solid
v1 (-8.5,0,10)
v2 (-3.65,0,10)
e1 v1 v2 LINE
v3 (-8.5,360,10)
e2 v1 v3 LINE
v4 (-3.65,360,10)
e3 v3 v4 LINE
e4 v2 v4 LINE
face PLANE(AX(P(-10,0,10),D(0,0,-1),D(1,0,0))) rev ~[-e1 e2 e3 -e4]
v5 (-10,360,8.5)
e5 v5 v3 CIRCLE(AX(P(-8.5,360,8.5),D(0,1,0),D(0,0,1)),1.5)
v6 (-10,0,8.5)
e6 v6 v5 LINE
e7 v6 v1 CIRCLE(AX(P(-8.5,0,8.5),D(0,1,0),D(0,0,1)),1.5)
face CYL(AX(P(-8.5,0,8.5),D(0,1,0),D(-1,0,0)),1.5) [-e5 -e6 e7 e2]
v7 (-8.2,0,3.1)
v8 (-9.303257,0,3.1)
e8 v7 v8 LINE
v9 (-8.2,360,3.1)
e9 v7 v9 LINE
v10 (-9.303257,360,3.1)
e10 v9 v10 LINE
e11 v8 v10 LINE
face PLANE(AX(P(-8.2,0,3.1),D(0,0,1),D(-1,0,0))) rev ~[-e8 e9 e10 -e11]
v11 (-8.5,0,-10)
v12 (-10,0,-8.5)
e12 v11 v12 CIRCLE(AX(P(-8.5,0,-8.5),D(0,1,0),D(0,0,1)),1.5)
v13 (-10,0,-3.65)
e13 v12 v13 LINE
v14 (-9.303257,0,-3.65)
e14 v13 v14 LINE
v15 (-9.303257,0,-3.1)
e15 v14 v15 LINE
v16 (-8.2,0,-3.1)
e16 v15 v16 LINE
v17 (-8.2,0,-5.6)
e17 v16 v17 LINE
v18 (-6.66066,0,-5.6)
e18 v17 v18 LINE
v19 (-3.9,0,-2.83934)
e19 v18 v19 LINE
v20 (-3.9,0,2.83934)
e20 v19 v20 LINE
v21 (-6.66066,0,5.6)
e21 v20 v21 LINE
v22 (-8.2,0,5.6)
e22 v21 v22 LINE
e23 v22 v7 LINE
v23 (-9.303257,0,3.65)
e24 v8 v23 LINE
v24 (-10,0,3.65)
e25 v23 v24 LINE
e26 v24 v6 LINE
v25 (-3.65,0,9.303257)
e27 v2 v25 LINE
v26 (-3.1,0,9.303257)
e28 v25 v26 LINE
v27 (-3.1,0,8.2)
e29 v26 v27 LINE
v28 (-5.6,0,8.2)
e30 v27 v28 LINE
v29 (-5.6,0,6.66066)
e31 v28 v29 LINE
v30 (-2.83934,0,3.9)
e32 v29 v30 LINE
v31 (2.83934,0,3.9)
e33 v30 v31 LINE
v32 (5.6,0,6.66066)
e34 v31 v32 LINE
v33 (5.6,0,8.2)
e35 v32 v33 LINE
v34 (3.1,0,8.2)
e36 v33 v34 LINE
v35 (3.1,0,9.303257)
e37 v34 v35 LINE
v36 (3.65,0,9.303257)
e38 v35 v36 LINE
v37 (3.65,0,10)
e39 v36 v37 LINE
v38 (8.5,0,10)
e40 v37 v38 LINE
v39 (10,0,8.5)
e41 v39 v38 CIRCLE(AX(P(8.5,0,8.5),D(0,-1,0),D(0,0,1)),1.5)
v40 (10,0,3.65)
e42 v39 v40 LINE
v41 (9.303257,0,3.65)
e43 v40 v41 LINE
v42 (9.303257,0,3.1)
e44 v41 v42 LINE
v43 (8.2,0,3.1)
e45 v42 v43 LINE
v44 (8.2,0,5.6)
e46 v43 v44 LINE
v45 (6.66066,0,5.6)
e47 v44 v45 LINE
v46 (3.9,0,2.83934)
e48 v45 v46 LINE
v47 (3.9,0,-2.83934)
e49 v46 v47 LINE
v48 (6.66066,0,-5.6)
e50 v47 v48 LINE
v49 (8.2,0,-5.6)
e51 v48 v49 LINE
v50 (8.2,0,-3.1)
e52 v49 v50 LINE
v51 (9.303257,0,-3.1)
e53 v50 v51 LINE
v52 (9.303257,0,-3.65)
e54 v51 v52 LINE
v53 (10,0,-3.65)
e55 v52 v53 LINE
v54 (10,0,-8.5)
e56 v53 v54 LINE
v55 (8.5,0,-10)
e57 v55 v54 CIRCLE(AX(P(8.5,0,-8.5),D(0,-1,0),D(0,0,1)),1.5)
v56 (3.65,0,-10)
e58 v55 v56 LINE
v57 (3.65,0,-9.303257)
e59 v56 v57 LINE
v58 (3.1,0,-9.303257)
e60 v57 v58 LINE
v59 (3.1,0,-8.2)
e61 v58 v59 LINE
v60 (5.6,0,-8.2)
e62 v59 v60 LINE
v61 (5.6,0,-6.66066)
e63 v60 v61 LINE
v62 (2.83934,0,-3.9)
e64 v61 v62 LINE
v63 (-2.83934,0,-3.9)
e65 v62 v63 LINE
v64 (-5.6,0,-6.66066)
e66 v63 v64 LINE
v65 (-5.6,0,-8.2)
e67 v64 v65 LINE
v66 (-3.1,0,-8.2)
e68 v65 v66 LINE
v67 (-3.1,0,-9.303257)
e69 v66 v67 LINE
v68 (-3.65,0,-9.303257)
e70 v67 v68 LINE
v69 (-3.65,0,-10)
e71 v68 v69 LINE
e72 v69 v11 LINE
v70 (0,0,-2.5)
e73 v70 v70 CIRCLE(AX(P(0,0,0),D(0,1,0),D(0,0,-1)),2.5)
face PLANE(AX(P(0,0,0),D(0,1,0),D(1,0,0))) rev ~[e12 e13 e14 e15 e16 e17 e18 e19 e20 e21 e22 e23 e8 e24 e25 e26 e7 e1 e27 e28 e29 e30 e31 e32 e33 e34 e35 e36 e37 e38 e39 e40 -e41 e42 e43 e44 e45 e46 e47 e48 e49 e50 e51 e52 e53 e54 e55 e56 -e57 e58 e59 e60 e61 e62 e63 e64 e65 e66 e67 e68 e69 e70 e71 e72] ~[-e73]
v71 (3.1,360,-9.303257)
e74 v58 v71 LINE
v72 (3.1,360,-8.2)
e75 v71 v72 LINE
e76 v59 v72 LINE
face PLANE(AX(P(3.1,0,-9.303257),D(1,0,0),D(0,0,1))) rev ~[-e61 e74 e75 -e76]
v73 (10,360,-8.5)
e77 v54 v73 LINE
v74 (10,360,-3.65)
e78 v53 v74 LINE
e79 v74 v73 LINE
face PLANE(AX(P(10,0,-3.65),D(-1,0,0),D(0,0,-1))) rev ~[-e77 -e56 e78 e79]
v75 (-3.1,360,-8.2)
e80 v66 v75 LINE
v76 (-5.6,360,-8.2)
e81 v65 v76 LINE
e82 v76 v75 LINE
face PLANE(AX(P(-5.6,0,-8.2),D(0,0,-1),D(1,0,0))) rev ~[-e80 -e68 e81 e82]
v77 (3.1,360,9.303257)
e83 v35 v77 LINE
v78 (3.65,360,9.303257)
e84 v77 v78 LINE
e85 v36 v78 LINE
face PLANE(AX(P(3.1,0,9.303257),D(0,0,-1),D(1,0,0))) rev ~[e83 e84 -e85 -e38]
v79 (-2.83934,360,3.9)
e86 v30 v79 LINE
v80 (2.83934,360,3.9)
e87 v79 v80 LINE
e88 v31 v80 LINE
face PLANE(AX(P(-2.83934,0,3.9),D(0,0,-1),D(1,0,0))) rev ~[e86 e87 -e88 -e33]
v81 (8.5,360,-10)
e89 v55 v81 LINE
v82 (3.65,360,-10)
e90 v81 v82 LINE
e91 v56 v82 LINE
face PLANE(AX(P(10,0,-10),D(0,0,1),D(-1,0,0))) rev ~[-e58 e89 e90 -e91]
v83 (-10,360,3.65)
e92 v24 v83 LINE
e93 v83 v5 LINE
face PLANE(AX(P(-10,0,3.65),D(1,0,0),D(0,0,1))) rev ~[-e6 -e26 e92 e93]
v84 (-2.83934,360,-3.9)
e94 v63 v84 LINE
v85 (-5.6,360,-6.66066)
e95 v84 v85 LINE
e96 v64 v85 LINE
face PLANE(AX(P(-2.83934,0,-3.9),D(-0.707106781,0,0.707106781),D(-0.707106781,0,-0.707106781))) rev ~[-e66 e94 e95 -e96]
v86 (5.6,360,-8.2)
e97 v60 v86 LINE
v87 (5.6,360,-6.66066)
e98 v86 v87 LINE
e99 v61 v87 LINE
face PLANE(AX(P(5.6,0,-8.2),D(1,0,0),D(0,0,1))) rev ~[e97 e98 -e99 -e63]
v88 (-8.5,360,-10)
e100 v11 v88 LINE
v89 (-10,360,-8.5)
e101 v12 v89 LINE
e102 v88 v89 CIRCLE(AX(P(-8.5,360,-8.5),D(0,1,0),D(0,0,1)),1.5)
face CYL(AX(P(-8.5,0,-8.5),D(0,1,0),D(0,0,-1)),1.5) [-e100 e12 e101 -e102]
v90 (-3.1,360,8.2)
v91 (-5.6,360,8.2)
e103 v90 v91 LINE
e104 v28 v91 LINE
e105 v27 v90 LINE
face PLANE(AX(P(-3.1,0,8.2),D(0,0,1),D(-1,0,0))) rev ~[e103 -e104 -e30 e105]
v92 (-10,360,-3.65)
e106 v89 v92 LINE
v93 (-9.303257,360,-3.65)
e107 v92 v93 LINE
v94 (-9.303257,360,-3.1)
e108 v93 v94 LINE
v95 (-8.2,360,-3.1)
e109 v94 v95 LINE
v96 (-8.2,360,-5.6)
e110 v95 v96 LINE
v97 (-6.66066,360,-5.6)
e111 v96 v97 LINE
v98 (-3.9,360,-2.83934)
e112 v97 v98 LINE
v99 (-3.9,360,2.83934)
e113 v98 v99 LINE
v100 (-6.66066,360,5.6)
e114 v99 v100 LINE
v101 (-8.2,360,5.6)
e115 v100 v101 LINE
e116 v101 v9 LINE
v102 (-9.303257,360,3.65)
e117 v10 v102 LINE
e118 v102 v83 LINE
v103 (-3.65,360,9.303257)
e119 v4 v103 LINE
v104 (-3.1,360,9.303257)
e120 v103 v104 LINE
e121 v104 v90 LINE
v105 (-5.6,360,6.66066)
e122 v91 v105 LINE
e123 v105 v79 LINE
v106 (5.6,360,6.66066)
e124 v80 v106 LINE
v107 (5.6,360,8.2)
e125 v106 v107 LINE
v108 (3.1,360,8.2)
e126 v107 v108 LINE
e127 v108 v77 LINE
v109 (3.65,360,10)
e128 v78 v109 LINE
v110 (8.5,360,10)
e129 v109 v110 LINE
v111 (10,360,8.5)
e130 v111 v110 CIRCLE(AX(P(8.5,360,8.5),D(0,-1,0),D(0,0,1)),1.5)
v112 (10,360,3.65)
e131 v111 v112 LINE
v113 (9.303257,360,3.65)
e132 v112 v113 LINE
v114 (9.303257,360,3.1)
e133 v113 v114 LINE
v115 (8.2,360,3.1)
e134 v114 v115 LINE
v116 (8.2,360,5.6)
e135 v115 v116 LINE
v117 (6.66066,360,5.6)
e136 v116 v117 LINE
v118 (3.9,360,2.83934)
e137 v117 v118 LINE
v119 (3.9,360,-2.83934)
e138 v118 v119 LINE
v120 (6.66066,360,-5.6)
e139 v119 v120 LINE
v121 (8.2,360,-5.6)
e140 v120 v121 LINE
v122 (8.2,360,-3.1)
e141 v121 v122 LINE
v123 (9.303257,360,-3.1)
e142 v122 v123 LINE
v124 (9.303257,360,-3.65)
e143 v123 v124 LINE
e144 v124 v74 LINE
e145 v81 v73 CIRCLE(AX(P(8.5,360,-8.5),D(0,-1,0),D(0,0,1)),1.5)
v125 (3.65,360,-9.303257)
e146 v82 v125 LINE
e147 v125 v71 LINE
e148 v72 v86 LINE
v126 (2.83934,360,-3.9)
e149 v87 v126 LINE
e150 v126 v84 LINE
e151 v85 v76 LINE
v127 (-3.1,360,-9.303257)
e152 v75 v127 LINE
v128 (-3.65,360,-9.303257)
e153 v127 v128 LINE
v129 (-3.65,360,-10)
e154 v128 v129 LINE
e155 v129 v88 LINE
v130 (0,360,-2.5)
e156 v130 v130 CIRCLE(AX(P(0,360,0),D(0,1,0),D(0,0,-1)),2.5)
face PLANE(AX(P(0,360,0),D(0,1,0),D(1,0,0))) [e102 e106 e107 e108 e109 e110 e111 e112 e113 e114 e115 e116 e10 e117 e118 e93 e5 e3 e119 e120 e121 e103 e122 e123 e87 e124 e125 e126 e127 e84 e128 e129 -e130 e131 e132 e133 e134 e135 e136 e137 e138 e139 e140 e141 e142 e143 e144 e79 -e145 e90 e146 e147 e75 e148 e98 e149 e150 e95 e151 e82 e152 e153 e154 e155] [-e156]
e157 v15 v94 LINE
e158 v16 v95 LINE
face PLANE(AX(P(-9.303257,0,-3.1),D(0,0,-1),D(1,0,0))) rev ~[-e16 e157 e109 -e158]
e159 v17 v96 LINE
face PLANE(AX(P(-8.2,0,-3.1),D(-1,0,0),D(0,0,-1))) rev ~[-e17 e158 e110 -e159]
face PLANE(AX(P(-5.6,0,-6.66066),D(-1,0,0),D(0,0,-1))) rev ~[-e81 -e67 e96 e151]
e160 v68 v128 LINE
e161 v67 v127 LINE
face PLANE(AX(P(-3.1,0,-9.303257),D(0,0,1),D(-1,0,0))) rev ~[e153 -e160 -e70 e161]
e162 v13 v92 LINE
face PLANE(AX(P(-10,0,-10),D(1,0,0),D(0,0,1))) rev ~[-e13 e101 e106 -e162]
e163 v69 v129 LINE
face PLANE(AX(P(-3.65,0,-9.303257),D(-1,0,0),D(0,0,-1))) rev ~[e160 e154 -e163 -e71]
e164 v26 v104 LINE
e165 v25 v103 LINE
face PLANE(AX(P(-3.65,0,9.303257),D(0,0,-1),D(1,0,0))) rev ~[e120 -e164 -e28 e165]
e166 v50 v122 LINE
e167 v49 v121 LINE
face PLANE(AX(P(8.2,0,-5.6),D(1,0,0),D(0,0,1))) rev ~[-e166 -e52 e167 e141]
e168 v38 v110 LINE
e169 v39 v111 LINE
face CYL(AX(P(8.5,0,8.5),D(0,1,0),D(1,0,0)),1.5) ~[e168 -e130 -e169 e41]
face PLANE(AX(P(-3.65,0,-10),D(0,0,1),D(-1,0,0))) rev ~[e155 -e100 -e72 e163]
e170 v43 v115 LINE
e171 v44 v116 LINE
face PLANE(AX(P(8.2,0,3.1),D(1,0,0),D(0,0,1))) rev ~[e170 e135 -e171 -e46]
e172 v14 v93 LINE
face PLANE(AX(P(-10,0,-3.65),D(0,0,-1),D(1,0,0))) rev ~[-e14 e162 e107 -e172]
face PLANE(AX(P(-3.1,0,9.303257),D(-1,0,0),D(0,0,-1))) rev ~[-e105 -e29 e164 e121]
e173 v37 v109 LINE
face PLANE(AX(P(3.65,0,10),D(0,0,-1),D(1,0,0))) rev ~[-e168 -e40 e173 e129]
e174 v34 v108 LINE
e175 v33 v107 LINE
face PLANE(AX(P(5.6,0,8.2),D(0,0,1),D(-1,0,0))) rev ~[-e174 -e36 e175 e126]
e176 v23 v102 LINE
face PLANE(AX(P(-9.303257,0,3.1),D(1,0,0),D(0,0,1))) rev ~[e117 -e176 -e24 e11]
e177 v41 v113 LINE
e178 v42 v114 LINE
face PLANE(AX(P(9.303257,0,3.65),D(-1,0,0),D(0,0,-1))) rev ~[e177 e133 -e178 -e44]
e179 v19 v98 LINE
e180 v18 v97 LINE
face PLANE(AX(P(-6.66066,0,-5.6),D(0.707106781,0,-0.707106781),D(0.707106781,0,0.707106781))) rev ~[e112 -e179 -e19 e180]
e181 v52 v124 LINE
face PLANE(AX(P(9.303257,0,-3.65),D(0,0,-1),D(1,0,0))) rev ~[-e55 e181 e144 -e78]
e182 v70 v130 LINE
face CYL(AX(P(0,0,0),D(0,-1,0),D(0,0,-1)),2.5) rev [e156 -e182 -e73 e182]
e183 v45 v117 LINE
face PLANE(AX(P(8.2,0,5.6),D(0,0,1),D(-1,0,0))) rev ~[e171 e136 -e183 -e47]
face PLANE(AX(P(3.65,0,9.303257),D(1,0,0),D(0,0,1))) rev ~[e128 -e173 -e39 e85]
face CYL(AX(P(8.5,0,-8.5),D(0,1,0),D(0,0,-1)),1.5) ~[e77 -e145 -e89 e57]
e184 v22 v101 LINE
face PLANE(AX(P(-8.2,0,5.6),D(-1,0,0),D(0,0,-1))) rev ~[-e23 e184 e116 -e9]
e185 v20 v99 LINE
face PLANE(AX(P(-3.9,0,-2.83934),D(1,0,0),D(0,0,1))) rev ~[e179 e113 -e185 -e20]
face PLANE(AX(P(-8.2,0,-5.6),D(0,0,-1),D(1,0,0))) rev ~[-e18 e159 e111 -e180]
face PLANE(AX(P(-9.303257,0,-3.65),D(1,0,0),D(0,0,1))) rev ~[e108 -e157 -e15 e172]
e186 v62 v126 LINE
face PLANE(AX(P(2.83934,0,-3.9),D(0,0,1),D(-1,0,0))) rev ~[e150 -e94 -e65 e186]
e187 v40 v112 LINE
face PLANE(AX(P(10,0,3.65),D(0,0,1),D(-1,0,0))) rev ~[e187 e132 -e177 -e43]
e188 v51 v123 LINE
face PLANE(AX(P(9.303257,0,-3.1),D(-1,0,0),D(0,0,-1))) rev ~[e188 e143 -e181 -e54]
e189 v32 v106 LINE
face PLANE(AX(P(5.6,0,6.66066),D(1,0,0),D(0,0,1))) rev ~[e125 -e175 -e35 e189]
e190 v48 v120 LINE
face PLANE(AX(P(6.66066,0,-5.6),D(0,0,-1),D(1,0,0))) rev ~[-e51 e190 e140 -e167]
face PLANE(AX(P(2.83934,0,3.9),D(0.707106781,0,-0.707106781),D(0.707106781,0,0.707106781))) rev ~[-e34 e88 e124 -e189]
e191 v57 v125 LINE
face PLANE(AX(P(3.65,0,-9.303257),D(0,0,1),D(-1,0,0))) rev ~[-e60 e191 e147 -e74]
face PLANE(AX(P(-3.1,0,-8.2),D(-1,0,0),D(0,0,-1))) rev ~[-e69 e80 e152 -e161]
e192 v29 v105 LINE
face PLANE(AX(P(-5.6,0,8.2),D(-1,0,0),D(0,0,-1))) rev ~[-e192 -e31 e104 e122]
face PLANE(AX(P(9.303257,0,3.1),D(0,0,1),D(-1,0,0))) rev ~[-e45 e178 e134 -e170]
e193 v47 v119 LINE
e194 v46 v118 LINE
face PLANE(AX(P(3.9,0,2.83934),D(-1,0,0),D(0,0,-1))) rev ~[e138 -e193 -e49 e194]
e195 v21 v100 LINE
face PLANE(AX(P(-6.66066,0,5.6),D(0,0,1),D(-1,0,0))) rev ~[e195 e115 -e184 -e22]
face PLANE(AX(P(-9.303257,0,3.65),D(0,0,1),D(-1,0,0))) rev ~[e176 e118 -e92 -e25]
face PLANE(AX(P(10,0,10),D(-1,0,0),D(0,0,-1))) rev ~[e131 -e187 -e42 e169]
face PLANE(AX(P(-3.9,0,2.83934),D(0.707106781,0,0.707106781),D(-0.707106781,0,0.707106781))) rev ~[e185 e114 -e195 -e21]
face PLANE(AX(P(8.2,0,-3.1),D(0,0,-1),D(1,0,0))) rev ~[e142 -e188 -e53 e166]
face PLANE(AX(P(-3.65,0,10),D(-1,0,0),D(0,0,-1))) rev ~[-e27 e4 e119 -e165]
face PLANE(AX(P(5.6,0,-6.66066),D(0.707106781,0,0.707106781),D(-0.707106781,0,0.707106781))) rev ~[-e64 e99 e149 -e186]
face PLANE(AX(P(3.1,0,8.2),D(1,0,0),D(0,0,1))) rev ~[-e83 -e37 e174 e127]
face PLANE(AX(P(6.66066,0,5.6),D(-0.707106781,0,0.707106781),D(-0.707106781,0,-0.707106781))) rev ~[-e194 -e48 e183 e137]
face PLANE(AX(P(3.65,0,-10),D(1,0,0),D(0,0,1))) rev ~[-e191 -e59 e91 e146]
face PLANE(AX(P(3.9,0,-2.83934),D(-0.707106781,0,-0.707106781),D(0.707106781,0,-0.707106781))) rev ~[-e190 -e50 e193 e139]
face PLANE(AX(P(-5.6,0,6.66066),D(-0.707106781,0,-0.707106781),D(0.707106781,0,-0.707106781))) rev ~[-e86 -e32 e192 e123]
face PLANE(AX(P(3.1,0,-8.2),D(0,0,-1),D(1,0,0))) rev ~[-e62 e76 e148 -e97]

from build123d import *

# Parameters (mm, degrees)
SKETCH_1_R      = 2.5
EXTRUDE_1_DEPTH = 360
FILLET_1_R      = 1.5


with BuildPart() as part:
    # 草图1 → 凸台-拉伸1 (new body)
    with BuildSketch(Plane(origin=(0, 0, 0), x_dir=(1, 0, 0), z_dir=(0, 1, 0))):
        Polygon((10, 10), (3.65, 10), (3.65, 9.303257497), (3.1, 9.303257497), (3.1, 8.2), (5.6, 8.2), (5.6, 6.660660172), (2.839339828, 3.9), (-2.839339828, 3.9), (-5.6, 6.660660172), (-5.6, 8.2), (-3.1, 8.2), (-3.1, 9.303257497), (-3.65, 9.303257497), (-3.65, 10), (-10, 10), (-10, 3.65), (-9.303257497, 3.65), (-9.303257497, 3.1), (-8.2, 3.1), (-8.2, 5.6), (-6.660660172, 5.6), (-3.9, 2.839339828), (-3.9, -2.839339828), (-6.660660172, -5.6), (-8.2, -5.6), (-8.2, -3.1), (-9.303257497, -3.1), (-9.303257497, -3.65), (-10, -3.65), (-10, -10), (-3.65, -10), (-3.65, -9.303257497), (-3.1, -9.303257497), (-3.1, -8.2), (-5.6, -8.2), (-5.6, -6.660660172), (-2.839339828, -3.9), (2.839339828, -3.9), (5.6, -6.660660172), (5.6, -8.2), (3.1, -8.2), (3.1, -9.303257497), (3.65, -9.303257497), (3.65, -10), (10, -10), (10, -3.65), (9.303257497, -3.65), (9.303257497, -3.1), (8.2, -3.1), (8.2, -5.6), (6.660660172, -5.6), (3.9, -2.839339828), (3.9, 2.839339828), (6.660660172, 5.6), (8.2, 5.6), (8.2, 3.1), (9.303257497, 3.1), (9.303257497, 3.65), (10, 3.65), align=None)
        with Locations(Location((0, 0, 0), (0, 0, 90))):
            Circle(SKETCH_1_R, mode=Mode.SUBTRACT)
    extrude(amount=EXTRUDE_1_DEPTH)

    # 圆角1
    fillet_1_edges = [part.edges().sort_by_distance(p)[0] for p in [
        (10, 180, 10),
        (-10, 180, 10),
        (-10, 180, -10),
        (10, 180, -10),
    ]]
    fillet(fillet_1_edges, radius=FILLET_1_R)


solid = part.part
